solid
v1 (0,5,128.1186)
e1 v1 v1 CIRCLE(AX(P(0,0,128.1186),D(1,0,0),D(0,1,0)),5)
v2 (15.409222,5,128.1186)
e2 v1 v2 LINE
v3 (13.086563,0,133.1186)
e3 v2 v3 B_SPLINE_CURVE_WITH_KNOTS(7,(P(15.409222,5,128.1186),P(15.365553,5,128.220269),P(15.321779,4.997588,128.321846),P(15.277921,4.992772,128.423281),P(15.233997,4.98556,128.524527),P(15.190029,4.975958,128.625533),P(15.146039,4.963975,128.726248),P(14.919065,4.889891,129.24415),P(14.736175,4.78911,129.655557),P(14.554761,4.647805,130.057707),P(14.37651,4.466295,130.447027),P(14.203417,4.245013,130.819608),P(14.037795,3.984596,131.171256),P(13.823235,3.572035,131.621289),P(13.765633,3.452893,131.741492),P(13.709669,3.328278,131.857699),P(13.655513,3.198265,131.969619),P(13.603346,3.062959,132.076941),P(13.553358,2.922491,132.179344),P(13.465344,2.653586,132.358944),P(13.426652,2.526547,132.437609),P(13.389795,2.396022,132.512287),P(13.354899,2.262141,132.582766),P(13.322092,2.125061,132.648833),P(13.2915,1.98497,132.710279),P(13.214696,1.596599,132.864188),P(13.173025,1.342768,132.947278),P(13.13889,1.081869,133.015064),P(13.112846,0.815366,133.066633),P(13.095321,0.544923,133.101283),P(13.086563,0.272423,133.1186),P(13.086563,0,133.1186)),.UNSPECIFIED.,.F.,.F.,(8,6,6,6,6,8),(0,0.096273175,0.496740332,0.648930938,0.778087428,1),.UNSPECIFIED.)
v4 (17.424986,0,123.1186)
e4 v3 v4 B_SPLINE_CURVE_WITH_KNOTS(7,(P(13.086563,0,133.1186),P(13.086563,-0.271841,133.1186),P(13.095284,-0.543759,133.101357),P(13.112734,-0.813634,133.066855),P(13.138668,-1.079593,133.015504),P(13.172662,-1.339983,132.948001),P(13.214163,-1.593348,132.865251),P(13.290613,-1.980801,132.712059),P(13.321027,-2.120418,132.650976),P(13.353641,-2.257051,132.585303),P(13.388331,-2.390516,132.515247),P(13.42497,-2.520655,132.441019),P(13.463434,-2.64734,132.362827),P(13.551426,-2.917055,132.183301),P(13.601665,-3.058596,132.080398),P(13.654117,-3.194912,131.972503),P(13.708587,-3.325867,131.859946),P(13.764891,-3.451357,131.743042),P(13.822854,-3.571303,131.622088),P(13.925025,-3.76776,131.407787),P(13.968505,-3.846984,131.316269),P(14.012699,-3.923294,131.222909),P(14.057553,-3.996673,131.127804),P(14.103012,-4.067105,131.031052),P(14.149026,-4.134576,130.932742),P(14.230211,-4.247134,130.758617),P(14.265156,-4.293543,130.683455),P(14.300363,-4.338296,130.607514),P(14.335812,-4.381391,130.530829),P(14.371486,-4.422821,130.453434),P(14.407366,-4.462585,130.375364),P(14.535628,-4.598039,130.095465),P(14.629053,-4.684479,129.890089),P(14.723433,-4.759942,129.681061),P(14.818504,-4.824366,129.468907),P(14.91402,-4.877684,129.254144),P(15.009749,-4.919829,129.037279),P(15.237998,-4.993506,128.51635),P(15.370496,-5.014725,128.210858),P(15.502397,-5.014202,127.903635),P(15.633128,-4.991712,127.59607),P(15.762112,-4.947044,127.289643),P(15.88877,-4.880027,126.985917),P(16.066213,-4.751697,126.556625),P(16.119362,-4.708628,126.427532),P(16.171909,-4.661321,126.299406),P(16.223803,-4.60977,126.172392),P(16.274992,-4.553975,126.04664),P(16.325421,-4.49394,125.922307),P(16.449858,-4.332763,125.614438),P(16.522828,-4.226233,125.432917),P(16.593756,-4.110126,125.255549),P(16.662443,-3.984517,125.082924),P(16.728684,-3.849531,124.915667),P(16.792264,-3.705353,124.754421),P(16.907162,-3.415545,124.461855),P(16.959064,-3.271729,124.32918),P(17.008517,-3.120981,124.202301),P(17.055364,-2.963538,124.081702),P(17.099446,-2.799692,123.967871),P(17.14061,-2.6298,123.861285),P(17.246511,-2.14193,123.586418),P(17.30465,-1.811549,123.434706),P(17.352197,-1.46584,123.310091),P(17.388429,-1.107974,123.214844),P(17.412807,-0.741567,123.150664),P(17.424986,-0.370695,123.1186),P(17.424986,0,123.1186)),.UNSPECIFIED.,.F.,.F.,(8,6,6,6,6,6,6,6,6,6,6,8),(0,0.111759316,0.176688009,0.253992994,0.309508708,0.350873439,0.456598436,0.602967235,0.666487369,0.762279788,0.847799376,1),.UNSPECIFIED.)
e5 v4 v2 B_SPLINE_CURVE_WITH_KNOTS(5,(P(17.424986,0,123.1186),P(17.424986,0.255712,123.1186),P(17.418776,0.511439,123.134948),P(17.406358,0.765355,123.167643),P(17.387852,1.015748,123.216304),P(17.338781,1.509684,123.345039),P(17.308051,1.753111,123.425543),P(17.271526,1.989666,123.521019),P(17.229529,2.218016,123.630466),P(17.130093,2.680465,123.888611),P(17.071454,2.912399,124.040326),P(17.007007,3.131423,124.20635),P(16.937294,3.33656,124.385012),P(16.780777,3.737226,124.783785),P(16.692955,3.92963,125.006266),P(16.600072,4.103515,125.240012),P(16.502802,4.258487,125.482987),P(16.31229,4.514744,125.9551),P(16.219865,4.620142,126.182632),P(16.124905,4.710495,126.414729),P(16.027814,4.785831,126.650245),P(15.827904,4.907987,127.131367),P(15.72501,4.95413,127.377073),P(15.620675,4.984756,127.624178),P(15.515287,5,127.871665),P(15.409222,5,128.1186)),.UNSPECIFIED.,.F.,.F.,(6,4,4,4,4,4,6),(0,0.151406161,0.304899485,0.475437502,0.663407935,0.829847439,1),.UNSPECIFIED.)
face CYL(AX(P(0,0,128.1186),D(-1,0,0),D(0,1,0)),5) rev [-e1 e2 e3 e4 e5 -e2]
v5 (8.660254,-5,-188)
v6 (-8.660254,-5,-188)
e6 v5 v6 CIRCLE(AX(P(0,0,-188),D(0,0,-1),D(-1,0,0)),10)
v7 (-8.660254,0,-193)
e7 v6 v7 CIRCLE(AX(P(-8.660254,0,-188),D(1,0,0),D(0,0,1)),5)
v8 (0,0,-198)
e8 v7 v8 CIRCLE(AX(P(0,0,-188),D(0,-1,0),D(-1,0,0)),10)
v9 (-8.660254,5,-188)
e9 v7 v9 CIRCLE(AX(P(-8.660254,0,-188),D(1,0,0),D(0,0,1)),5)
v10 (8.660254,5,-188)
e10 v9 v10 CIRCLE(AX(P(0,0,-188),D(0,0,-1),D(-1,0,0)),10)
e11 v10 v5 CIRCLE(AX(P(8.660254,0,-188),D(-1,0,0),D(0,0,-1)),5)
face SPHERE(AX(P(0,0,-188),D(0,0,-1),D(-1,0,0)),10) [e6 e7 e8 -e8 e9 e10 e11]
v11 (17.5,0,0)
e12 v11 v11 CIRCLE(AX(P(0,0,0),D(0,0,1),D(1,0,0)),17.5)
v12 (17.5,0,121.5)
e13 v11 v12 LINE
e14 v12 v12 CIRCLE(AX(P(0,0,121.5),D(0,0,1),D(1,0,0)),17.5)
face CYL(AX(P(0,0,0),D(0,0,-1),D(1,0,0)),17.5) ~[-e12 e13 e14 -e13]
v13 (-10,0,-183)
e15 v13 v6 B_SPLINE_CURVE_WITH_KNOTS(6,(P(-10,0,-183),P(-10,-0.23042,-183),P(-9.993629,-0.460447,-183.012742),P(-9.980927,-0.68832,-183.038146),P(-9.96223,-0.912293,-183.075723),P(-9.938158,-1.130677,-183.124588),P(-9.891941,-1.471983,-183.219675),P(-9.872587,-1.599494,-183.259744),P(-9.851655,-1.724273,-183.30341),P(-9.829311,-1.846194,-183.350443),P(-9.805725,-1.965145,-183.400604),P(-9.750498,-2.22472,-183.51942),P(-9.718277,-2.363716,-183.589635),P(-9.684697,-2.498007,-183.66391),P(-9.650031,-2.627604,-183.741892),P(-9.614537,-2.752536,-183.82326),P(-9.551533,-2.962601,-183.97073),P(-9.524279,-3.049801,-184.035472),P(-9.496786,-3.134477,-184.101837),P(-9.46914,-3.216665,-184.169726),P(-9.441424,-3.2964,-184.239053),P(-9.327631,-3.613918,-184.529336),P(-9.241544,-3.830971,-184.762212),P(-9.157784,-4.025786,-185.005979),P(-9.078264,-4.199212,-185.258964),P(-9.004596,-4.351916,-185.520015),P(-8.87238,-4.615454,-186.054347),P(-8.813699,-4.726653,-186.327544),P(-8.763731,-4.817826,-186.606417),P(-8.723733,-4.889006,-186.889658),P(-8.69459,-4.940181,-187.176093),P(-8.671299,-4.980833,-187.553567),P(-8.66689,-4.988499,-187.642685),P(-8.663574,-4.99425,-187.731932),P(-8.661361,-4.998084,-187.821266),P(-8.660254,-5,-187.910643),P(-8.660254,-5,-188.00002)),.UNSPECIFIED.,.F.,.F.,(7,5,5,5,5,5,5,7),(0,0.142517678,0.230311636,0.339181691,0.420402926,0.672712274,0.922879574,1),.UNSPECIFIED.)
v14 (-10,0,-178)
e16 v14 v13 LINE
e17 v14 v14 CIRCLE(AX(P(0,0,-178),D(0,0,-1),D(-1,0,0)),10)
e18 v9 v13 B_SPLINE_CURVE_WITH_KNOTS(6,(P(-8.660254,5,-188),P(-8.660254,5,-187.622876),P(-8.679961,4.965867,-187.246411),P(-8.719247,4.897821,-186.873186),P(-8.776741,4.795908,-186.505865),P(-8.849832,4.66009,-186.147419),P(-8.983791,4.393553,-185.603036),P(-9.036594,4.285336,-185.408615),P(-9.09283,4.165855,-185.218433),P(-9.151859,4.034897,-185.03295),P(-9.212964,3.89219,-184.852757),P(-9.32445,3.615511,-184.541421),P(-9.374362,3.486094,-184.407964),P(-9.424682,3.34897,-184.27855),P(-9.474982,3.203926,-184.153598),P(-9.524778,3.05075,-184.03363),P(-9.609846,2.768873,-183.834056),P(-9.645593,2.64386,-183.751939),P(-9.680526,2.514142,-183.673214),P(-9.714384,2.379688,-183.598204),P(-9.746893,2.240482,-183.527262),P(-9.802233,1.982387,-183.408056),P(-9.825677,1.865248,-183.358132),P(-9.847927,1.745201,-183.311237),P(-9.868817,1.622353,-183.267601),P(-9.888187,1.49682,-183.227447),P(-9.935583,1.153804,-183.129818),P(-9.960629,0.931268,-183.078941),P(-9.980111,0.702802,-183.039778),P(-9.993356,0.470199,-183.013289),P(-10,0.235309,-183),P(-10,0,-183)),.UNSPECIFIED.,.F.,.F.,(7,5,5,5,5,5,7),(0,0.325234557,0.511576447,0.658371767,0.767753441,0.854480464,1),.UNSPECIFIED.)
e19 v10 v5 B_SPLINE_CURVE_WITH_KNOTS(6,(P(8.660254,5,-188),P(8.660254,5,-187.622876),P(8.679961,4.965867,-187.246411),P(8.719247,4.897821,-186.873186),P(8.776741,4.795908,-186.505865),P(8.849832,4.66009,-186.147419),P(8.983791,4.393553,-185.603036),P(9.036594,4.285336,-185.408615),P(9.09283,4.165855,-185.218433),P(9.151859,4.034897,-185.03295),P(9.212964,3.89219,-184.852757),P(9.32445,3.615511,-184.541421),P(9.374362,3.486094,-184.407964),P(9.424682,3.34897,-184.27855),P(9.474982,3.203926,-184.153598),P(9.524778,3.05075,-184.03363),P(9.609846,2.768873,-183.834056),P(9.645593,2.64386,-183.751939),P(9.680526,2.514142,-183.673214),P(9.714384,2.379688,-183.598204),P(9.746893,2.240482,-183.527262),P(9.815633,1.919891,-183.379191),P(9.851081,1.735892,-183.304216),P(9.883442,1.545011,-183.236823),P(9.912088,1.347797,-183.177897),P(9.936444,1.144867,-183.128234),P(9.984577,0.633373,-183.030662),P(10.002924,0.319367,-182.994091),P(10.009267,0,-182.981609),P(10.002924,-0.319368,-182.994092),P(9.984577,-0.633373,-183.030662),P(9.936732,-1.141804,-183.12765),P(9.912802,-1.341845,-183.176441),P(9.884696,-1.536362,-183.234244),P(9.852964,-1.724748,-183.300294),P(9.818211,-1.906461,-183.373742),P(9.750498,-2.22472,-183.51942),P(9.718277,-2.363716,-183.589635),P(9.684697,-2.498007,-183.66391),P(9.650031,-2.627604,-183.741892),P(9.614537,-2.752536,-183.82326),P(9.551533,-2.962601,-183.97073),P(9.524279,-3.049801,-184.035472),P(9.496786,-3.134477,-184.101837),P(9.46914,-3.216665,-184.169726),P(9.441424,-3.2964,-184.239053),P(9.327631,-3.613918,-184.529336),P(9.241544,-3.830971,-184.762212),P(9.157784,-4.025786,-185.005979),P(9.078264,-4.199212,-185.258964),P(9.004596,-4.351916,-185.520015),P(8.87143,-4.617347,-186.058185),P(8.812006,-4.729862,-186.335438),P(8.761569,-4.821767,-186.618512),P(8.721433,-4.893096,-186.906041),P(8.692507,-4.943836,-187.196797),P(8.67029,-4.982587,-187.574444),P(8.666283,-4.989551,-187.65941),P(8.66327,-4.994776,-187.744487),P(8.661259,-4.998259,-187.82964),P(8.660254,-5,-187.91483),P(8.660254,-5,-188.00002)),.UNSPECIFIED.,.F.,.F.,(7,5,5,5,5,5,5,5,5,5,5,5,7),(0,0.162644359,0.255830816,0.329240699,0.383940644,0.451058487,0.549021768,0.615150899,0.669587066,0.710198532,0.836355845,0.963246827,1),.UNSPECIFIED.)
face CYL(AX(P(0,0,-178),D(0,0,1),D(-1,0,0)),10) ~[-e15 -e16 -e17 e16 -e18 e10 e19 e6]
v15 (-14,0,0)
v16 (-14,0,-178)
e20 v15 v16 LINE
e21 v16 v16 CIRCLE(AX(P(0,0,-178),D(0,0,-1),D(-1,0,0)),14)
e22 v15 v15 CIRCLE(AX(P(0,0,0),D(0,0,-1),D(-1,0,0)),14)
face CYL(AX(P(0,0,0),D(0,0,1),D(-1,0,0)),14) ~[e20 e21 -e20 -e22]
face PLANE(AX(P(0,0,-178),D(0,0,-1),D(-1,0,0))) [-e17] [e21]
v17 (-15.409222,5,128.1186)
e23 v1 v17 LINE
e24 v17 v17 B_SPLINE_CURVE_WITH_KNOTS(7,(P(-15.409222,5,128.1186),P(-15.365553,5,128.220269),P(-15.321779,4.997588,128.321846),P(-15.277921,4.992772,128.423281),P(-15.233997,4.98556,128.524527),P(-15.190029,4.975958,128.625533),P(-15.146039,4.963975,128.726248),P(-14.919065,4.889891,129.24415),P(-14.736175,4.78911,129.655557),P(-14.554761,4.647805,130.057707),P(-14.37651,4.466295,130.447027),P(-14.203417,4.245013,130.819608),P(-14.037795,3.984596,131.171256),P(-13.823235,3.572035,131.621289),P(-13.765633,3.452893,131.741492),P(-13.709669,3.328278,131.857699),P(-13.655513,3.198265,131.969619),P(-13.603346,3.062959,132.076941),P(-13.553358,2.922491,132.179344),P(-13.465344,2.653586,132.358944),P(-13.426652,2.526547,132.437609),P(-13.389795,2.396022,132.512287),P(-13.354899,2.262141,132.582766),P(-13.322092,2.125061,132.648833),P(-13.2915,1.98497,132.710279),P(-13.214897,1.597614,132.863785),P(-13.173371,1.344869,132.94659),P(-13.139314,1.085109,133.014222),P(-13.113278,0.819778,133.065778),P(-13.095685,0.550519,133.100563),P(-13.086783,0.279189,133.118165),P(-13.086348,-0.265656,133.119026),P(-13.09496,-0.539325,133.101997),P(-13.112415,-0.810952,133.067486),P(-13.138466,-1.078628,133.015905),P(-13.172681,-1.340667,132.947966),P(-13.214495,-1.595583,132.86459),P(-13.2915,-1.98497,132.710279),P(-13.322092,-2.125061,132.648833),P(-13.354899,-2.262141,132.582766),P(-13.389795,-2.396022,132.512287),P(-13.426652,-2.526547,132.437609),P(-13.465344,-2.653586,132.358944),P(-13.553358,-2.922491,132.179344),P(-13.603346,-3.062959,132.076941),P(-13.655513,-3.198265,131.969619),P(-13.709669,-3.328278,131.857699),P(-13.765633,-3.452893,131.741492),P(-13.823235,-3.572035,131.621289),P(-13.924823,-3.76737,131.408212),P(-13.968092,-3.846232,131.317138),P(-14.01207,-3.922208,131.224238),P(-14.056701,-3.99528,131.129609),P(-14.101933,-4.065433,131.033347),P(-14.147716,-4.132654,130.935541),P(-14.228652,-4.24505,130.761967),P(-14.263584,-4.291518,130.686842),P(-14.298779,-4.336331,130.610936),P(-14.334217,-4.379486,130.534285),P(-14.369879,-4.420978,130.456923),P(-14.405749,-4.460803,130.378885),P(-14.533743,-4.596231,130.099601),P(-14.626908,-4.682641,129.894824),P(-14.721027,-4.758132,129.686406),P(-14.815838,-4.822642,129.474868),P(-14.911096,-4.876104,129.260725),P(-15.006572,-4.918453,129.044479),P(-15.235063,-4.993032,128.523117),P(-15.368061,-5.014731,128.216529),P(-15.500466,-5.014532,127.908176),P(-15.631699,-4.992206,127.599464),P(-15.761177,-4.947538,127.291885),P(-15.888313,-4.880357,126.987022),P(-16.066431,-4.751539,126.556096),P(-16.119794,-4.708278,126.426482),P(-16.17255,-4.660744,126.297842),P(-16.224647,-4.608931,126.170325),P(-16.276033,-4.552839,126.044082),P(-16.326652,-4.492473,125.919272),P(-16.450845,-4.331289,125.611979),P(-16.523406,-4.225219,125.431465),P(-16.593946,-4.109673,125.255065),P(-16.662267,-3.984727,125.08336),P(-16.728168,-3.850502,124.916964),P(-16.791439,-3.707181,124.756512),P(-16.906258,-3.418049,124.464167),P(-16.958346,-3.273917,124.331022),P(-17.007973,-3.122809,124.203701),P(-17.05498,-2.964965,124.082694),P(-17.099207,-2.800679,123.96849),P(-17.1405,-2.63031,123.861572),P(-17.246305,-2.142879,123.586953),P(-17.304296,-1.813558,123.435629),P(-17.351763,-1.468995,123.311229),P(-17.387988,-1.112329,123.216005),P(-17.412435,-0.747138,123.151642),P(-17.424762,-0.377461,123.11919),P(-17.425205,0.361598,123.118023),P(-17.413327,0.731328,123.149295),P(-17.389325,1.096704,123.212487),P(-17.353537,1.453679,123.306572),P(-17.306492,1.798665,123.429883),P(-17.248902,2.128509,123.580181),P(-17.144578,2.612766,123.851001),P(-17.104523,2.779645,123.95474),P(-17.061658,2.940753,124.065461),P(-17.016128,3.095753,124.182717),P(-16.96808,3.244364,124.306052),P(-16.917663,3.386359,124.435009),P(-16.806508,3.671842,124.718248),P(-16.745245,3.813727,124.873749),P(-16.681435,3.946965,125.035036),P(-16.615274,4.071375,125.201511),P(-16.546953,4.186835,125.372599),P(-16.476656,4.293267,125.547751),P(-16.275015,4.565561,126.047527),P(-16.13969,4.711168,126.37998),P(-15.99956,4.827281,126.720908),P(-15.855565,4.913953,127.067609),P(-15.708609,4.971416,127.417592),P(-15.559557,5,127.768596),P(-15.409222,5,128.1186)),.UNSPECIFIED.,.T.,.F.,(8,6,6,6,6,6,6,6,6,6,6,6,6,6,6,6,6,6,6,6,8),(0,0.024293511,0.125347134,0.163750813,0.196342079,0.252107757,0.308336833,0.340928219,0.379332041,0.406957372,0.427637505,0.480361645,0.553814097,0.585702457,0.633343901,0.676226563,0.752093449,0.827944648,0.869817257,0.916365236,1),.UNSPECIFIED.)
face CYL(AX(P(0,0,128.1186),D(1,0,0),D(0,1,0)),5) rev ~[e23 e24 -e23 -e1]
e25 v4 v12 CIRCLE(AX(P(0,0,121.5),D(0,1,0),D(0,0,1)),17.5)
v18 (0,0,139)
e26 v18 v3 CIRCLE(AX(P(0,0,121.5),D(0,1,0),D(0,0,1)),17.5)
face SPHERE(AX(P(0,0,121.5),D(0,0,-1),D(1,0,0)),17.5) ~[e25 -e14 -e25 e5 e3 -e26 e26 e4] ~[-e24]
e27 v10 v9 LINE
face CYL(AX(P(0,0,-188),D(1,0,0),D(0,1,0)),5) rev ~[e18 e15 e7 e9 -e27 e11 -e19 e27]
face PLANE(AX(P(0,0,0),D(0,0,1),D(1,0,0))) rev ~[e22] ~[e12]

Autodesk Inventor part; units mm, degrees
ref_plane "YZ Plane" through (0, 0, 0) normal (1, 0, 0) x (0, 1, 0)
ref_plane "XZ Plane" through (0, 0, 0) normal (0, 1, 0) x (-1, 0, 0)
ref_plane "XY Plane" through (0, 0, 0) normal (0, 0, 1) x (1, 0, 0)
sketch "Sketch1" plane through (0, 0, 0) normal (0, 0, 1) x (1, 0, 0)
  circle A0 centre (0, 0) radius 17.5
  dimension "D" = 35
extrude "Extrusion1" add sketch "Sketch1" along normal blind 121.5
sketch "Sketch2" plane through (0, 0, 0) normal (0, 1, 0) x (-1, 0, 0)
  line L0 (17.5, 121.5) -> (-17.5, 121.5) projected
  line L1 (0, 121.5) -> (0, 139)
  arc A0 (0, 139) -> (-17.5, 121.5) centre (0, 121.5) ccw
  line L2 (-17.5, 0) -> (-17.5, 121.5) construction
  point P0 (0, 0)
  dimension "d3" = 17.5
revolve "Revolution1" add sketch "Sketch2" angle 360 about axis through (0, 0, 121.5) along (0, 0, 1)
sketch "Sketch3" plane through (0, 0, 0) normal (0, 0, -1) x (-1, 0, 0)
  circle A0 centre (0, 0) radius 17.5 projected
  circle A1 centre (0, 0) radius 14
  dimension "d5" = 28
extrude "Extrusion2" add sketch "Sketch3" along normal blind 178 contours A1
sketch "Sketch4" plane through (0, 0, -178) normal (0, 0, -1) x (-1, 0, 0)
  circle A0 centre (0, 0) radius 10
  dimension "d8" = 20
extrude "Extrusion3" add sketch "Sketch4" along normal blind 20
fillet "Fillet1" radius 10 1 edges at (10, 0, -198)
sketch "Sketch5" plane through (0, 0, 0) normal (1, 0, 0) x (0, 1, 0)
  circle A0 centre (0, 128.1186) radius 5
  line L0 (-10, -188) -> (10, -188) projected
  circle A1 centre (0, -188) radius 5
  point P0 (0, 0)
  dimension "d12" = 10
  dimension "d13" = 10
extrude "Extrusion4" cut sketch "Sketch5" along normal through all both and the other way through all
properties part number "ANT-35"
